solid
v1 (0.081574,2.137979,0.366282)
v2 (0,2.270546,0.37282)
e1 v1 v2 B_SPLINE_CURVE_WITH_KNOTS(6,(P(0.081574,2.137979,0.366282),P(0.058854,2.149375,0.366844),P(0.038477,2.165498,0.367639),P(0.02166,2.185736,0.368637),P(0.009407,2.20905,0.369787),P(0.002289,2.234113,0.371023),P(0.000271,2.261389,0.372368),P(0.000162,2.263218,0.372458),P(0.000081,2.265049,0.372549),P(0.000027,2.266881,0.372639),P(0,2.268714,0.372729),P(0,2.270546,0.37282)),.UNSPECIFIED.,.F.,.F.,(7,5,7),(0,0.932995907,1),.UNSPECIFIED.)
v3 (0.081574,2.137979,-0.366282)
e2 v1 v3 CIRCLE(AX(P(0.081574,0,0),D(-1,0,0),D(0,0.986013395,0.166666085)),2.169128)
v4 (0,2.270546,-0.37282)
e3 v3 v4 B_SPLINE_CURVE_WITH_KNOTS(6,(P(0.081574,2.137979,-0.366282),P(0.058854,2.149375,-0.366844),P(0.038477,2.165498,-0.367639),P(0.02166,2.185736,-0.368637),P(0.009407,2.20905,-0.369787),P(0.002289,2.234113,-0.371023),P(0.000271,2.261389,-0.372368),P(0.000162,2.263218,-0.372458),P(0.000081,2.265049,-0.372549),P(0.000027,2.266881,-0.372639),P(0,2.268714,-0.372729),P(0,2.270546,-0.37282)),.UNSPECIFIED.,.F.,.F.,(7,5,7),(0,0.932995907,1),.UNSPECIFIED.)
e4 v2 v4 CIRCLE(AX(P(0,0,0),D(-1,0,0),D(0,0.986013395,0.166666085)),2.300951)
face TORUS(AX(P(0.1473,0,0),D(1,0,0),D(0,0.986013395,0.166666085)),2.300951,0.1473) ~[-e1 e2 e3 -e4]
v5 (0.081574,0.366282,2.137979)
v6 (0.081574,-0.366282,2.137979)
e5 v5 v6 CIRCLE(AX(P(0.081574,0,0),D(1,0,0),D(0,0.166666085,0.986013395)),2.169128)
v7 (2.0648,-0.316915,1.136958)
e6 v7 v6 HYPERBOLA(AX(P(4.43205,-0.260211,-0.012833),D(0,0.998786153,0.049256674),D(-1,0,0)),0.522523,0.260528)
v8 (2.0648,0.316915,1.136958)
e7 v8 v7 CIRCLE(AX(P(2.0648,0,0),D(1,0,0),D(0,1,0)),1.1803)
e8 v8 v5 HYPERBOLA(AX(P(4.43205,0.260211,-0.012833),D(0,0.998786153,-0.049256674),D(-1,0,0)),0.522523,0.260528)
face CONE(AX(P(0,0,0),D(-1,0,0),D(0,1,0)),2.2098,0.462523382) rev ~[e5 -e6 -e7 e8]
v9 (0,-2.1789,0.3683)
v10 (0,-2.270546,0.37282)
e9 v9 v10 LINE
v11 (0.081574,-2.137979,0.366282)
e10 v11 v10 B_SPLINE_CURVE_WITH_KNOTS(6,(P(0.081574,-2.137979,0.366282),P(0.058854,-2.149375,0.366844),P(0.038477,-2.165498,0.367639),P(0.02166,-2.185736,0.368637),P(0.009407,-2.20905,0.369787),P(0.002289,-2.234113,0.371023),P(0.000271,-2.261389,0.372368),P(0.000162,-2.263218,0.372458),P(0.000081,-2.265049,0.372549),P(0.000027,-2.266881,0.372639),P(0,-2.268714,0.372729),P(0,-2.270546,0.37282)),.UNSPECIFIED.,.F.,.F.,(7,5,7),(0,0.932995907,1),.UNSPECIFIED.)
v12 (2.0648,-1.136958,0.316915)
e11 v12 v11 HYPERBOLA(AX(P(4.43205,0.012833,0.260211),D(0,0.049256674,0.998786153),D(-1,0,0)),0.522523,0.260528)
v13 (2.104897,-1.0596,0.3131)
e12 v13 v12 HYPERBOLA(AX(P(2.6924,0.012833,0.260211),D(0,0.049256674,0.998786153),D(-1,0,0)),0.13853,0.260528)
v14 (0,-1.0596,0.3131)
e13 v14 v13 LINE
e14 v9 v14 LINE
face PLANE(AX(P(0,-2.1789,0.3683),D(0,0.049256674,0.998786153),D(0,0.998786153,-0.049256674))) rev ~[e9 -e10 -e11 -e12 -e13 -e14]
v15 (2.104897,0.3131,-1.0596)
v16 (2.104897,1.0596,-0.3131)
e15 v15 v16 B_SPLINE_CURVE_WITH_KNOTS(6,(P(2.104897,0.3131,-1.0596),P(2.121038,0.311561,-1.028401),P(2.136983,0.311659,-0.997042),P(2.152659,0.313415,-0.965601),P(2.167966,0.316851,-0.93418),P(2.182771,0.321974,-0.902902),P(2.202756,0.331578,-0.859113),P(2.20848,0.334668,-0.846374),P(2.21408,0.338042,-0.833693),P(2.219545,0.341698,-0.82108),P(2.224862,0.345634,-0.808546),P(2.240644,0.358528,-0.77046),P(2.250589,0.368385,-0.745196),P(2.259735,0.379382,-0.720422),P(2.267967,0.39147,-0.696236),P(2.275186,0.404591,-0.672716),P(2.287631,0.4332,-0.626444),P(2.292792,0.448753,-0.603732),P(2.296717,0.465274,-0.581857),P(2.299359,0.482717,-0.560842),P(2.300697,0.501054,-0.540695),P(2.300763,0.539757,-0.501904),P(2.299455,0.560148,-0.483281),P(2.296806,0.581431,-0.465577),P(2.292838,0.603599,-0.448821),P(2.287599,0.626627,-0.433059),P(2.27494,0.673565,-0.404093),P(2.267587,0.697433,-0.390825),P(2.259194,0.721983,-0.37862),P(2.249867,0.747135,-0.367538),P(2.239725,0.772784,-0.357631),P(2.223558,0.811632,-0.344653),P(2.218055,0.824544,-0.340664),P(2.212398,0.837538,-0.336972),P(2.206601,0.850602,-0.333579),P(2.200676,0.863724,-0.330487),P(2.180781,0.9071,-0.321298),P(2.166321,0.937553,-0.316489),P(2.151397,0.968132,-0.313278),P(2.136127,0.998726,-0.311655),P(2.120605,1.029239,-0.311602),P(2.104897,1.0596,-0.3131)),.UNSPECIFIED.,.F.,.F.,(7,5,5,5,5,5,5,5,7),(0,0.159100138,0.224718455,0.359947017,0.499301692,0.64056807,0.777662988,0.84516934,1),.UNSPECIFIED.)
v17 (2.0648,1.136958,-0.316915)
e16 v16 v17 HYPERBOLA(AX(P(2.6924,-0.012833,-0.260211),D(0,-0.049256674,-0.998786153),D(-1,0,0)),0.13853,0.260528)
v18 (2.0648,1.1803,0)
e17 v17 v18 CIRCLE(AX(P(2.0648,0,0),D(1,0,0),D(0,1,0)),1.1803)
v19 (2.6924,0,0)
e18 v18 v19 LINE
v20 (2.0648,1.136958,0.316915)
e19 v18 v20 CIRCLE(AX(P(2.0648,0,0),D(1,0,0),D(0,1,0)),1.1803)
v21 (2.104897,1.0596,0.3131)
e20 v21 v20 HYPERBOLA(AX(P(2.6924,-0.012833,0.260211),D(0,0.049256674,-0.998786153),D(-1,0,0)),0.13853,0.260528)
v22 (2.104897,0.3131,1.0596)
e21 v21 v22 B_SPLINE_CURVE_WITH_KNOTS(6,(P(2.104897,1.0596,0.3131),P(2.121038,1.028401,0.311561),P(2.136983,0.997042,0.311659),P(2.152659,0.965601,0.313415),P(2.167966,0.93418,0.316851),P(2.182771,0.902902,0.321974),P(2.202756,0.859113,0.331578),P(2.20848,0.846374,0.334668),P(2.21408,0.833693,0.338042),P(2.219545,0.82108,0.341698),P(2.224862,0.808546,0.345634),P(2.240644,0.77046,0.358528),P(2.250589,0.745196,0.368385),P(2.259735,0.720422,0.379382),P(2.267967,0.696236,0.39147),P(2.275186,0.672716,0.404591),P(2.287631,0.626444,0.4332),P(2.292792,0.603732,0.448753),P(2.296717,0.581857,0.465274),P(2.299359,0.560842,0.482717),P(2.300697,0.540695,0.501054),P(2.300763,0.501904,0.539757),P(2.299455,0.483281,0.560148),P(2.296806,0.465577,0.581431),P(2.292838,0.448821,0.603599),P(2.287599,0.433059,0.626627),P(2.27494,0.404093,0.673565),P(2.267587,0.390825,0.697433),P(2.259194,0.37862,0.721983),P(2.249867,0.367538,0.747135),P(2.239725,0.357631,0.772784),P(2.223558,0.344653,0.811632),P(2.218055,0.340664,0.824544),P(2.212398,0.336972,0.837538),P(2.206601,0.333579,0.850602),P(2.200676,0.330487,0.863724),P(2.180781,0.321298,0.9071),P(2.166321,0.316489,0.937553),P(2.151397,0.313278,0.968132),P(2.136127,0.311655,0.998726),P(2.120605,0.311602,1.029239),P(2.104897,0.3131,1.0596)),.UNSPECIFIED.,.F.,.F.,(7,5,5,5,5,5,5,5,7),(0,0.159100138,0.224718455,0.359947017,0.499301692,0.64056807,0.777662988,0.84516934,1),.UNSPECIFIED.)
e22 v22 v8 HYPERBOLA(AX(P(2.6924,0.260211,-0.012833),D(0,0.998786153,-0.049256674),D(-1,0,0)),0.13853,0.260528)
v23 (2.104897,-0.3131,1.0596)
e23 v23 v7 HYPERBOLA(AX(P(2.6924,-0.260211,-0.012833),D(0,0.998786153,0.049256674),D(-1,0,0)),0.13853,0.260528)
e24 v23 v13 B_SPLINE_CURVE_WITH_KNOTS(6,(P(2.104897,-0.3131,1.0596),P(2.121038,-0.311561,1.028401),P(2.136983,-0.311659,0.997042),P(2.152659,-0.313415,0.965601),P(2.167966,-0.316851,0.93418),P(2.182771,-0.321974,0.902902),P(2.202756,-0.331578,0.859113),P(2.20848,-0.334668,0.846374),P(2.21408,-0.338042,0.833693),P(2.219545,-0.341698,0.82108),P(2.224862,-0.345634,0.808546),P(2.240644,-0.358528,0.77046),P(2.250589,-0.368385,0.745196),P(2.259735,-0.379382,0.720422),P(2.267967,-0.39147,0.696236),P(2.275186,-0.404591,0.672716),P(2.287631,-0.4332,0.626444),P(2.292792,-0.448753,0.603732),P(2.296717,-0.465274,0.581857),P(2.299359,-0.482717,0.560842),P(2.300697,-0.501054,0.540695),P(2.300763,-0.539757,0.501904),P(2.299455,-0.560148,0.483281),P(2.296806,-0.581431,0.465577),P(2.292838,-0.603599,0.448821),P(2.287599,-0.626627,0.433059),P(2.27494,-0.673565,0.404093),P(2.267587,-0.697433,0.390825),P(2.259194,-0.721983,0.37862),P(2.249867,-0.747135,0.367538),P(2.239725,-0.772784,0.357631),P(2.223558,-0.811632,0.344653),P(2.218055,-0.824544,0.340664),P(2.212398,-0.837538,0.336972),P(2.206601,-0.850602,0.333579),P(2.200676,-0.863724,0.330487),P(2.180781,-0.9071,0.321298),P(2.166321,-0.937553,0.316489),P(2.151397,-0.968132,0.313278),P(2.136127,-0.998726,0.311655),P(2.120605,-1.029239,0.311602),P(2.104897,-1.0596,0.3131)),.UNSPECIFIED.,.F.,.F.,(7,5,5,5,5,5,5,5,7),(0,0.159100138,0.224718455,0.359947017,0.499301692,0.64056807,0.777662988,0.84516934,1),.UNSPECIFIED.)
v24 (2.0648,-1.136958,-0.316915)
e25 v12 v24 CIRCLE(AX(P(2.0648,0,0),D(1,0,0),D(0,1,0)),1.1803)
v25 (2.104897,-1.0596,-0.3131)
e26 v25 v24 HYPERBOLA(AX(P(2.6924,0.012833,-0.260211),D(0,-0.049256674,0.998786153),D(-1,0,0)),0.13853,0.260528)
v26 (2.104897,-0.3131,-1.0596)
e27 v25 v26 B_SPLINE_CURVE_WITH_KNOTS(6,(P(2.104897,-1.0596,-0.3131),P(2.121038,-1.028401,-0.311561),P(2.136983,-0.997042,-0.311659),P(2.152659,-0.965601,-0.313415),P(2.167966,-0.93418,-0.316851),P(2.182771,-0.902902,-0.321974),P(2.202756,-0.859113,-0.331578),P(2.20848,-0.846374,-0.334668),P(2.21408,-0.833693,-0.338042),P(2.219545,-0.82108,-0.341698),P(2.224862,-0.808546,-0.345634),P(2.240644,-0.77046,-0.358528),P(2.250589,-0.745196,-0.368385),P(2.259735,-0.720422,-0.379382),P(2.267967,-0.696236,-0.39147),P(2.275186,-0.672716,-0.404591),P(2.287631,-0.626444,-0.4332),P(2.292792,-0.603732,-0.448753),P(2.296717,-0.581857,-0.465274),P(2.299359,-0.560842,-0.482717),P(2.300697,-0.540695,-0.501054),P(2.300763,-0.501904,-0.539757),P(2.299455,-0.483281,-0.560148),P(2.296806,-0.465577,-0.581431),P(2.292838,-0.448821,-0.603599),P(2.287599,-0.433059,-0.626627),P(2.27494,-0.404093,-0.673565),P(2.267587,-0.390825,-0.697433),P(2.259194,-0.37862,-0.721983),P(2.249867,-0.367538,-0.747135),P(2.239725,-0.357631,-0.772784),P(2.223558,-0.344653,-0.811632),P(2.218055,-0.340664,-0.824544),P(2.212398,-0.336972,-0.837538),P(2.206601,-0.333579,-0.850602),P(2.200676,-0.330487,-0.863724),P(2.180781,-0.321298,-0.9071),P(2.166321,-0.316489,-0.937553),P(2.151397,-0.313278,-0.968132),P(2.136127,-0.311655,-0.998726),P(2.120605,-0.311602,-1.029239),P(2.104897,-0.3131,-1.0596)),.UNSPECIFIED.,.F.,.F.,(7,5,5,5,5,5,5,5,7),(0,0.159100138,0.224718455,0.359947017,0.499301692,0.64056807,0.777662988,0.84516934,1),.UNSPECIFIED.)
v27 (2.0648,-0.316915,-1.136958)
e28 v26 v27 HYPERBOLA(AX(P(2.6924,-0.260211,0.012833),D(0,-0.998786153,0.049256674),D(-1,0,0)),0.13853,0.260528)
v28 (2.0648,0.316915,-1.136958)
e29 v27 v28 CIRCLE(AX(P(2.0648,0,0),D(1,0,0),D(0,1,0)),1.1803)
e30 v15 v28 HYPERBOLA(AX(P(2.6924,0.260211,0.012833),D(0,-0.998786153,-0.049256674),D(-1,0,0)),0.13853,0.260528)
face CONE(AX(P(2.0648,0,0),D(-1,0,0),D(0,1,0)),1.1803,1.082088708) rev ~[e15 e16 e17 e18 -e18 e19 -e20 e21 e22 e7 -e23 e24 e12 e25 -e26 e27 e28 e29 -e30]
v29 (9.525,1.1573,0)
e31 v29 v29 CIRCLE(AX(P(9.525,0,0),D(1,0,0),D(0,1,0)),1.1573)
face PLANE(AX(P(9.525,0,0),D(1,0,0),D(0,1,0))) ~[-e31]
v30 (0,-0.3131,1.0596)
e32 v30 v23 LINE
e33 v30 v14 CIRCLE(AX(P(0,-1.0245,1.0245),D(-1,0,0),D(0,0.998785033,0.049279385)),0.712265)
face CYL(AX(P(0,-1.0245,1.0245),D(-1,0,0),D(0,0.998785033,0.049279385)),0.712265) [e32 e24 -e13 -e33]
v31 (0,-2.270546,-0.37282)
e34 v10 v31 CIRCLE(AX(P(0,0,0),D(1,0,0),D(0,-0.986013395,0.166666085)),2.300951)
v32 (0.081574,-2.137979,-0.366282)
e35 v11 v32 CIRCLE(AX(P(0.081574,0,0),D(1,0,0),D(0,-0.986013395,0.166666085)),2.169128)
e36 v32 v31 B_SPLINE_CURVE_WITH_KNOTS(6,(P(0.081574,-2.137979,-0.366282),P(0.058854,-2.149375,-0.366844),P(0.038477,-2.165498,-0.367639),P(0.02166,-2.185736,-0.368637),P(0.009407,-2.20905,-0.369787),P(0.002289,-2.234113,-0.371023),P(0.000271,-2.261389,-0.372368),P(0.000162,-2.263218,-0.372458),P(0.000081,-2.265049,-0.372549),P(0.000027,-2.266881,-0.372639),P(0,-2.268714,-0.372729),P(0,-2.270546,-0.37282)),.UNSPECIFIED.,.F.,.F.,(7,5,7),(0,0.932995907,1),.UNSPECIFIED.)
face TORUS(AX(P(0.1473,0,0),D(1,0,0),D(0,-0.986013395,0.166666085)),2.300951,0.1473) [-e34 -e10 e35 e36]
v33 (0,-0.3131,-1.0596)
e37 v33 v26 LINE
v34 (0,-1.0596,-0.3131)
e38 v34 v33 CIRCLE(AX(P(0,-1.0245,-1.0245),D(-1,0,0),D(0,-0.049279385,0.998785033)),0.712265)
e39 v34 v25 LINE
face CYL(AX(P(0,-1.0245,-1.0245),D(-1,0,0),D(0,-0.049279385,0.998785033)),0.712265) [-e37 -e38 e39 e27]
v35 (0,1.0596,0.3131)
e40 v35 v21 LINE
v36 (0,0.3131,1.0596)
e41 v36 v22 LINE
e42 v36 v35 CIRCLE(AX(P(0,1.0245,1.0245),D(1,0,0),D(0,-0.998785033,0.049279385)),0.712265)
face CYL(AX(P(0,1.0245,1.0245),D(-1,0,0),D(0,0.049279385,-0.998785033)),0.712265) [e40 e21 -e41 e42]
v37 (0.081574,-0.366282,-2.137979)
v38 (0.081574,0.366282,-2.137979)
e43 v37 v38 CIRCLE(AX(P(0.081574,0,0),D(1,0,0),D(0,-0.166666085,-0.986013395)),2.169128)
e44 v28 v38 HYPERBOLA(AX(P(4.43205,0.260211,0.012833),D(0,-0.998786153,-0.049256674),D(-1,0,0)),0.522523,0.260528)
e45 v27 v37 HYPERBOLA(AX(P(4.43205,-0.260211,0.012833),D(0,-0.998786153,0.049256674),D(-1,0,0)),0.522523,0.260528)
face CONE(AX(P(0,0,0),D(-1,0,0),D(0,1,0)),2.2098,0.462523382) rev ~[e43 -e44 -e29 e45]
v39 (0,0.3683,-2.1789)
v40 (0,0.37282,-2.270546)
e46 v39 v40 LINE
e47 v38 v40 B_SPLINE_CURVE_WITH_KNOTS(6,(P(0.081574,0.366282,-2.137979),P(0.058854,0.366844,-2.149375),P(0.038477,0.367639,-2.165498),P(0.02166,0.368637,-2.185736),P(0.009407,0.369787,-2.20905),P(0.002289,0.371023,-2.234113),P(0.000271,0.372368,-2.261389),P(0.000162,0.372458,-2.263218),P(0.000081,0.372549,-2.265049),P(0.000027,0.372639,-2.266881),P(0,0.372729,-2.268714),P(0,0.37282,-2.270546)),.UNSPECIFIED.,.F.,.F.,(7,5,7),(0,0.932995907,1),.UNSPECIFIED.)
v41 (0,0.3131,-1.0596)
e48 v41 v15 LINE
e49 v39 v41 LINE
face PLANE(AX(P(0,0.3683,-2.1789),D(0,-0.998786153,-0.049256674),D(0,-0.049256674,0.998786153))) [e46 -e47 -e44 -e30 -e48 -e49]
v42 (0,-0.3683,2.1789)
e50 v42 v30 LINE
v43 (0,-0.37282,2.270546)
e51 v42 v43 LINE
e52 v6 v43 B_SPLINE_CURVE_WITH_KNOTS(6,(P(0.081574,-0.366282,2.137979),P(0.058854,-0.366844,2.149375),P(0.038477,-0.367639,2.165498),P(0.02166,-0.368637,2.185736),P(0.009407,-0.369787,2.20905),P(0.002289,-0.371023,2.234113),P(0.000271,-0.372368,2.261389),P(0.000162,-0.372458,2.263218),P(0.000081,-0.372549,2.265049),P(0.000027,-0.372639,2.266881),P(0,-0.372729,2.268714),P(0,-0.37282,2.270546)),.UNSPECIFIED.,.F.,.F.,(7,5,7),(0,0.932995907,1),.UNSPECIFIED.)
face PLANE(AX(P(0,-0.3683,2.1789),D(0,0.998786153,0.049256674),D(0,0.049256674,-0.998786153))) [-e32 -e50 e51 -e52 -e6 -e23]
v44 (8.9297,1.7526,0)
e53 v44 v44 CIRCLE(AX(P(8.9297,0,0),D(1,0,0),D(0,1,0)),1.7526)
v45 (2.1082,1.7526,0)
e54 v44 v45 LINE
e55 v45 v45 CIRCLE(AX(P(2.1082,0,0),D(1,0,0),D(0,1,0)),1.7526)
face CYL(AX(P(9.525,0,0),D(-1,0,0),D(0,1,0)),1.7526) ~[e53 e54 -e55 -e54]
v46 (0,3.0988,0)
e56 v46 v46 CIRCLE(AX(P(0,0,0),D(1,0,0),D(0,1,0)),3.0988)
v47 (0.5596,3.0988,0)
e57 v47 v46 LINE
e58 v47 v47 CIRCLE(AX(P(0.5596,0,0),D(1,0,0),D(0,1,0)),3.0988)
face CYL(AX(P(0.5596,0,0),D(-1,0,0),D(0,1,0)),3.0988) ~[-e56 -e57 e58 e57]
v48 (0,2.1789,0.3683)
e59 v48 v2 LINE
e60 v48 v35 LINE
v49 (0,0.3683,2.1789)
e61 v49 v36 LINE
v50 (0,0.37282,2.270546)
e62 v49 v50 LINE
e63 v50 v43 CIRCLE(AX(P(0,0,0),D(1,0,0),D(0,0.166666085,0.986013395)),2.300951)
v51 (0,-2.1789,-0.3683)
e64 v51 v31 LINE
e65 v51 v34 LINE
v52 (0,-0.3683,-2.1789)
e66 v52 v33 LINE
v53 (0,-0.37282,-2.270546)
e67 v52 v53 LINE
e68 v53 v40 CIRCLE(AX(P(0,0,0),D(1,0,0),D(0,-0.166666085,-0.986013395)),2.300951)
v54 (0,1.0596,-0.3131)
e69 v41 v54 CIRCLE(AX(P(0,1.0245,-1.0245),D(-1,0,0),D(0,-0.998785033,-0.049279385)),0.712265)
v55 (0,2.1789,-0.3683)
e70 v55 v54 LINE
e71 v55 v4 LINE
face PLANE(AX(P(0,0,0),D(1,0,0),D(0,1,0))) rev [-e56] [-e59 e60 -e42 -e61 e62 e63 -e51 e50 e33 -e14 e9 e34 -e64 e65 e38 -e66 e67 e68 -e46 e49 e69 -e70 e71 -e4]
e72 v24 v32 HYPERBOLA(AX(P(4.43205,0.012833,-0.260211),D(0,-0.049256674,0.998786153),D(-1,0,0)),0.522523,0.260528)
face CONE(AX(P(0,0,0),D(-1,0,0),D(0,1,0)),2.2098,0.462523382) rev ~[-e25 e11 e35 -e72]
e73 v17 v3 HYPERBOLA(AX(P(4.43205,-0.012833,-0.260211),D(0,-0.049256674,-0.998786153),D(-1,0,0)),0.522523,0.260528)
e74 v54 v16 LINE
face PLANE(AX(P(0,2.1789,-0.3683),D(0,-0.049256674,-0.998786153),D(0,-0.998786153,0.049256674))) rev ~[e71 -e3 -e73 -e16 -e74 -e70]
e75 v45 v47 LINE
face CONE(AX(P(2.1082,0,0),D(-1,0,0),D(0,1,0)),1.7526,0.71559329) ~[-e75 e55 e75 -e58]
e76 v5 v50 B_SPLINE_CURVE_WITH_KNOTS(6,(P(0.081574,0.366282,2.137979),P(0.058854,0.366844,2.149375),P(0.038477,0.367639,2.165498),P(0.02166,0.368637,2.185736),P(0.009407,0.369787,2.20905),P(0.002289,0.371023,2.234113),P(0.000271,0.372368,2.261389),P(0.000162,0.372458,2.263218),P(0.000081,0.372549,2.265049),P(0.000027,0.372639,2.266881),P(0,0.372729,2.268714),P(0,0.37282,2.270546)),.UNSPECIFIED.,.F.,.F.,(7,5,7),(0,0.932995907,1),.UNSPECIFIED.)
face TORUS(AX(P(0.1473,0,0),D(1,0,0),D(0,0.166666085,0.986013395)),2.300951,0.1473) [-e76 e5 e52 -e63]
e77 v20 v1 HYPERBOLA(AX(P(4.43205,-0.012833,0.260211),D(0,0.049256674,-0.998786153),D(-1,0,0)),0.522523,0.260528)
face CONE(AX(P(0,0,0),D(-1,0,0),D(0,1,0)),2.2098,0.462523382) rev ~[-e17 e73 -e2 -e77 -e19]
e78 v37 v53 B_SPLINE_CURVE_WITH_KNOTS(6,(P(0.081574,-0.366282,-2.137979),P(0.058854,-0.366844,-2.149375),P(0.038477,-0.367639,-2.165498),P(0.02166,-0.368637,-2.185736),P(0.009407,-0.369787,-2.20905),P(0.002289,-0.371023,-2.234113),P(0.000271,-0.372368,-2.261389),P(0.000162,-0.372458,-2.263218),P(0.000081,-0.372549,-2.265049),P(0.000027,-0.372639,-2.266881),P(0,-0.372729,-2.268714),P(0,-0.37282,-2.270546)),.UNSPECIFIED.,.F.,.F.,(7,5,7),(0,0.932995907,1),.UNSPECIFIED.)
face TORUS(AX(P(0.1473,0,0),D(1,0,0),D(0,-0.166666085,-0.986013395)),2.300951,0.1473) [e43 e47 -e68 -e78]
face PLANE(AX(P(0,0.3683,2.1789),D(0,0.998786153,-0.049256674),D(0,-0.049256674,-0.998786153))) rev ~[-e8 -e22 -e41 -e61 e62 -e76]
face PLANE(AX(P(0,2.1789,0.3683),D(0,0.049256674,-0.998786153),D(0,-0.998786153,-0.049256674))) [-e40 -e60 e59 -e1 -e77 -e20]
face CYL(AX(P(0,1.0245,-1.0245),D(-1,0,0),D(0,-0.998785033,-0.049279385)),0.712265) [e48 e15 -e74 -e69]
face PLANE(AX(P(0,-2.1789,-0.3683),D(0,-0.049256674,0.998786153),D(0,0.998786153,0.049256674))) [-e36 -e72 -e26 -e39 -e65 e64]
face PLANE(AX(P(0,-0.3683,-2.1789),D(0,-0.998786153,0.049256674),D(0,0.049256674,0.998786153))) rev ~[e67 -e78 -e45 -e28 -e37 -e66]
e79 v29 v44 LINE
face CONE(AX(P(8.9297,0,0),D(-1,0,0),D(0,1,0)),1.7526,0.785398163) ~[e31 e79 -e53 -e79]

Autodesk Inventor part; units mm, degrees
ref_plane "YZ Plane" through (0, 0, 0) normal (1, 0, 0) x (0, 1, 0)
ref_plane "XZ Plane" through (0, 0, 0) normal (0, 1, 0) x (-1, 0, 0)
sketch "Sketch1" plane through (0, 0, 0) normal (0, 0, 1) x (1, 0, 0)
  line L0 (2.6924, 0) -> (9.525, 0)
  line L1 (9.525, 0) -> (9.525, 1.7526)
  line L2 (9.525, 1.7526) -> (2.1082, 1.7526)
  line L3 (0.5596, 3.0988) -> (0, 3.0988)
  line L4 (-1.905, 0) -> (11.43, 0) projected
  line L5 (0, -0.6198) -> (0, 3.7186) projected
  line L6 (0, 2.2098) -> (2.0648, 1.1803)
  line L7 (2.0648, 1.1803) -> (2.6924, 0)
  line L8 (2.1082, 1.7526) -> (0.5596, 3.0988)
  line L9 (0, 3.0988) -> (0, 2.2098)
  dimension "d2" = 3.5052
  dimension "d3" = 6.1976
  dimension "d4" = 2.6924
  dimension "d5" = 4.4196
  dimension "d6" = 26.5
  dimension "d7" = 62
  dimension "d13" = 41
  dimension "d14" = 2.1082
  dimension "d15" = 9.525
revolve "Body" add sketch "Sketch1" angle 360 about axis through (2.6924, 0, 0) along (1, 0, 0) contours L7 L6 L5 L3 L8 L2 L1 L0
sketch "Sketch2" plane through (0, 0, 0) normal (-1, 0, 0) x (0, 0, 1)
  line L0 (0, -4.3383) -> (0, 4.3383) projected
  line L1 (-4.3383, 0) -> (4.3383, 0) projected
  line L2 (0, 2.2098) -> (0, 0) construction
  line L3 (0, 0) -> (2.2098, 0) construction
  arc A0 (0.7366, 0) -> (0, 0.7366) centre (0, 0) ccw
  line L4 (0, 0) -> (0.7947, 0.7947) construction
  arc A1 (1.1049, 0) -> (0, 1.1049) centre (0, 0) ccw construction
  line L5 (0.3683, 2.1789) -> (0.3131, 1.0596)
  line L6 (2.1789, 0.3683) -> (1.0596, 0.3131)
  arc A2 (0.3131, 1.0596) -> (1.0596, 0.3131) centre (1.0245, 1.0245) ccw
  arc A3 (2.2098, 0) -> (2.1789, 0.3683) centre (0, 0) ccw
  arc A4 (0.3683, 2.1789) -> (0, 2.2098) centre (0, 0) ccw
  arc A5 (2.1789, 0.3683) -> (0.3683, 2.1789) centre (0, 0) ccw
  line L7 (0.3683, -2.1789) -> (0.3131, -1.0596)
  line L8 (2.1789, -0.3683) -> (1.0596, -0.3131)
  arc A6 (1.0596, -0.3131) -> (0.3131, -1.0596) centre (1.0245, -1.0245) ccw
  arc A7 (2.1789, -0.3683) -> (2.2098, 0) centre (0, 0) ccw
  arc A8 (0, -2.2098) -> (0.3683, -2.1789) centre (0, 0) ccw
  arc A9 (0.3683, -2.1789) -> (2.1789, -0.3683) centre (0, 0) ccw
  line L9 (-0.3683, 2.1789) -> (-0.3131, 1.0596)
  line L10 (-2.1789, 0.3683) -> (-1.0596, 0.3131)
  arc A10 (-1.0596, 0.3131) -> (-0.3131, 1.0596) centre (-1.0245, 1.0245) ccw
  arc A11 (-2.1789, 0.3683) -> (-2.2098, 0) centre (0, 0) ccw
  arc A12 (0, 2.2098) -> (-0.3683, 2.1789) centre (0, 0) ccw
  arc A13 (-0.3683, 2.1789) -> (-2.1789, 0.3683) centre (0, 0) ccw
  arc A14 (-2.1789, -0.3683) -> (-0.3683, -2.1789) centre (0, 0) ccw
  arc A15 (-0.3683, -2.1789) -> (0, -2.2098) centre (0, 0) ccw
  arc A16 (-2.2098, 0) -> (-2.1789, -0.3683) centre (0, 0) ccw
  line L11 (-2.1789, -0.3683) -> (-1.0596, -0.3131)
  arc A17 (-0.3131, -1.0596) -> (-1.0596, -0.3131) centre (-1.0245, -1.0245) ccw
  line L12 (-0.3683, -2.1789) -> (-0.3131, -1.0596)
  dimension "d18" = 45
  dimension "d19" = 1.4732
  dimension "d20" = 2.2098
  dimension "d21" = 4.4196
  dimension "d22" = 0.3683
extrude "Slot" add sketch "Sketch2" against normal up to next contours A2 L5 A5 L6 | L9 A10 L10 A13 | L7 A6 L8 A9 | A14 L11 A17 L12
fillet "Fillet1" radius 0.1473 4 edges at (0, 2.2098, 0) (0, 0, 2.2098) (0, -2.2098, 0) (0, 0, -2.2098)
thread "Thread" size "6-32 UNC" class "2A" standard "ANSI Unified Screw Threads" length 5.4324
chamfer "Chamfer1" distance 0.5953 distance2 0.5953 1 edges at (9.525, -1.7526, 0) measured on face at (9.525, 0.2072, 0.5462)
ref_plane "Work Plane2" through (2.032, 0, 0) normal (0, 1, 0) x (1, 0, 0)
equation "\"d2\" = GD"
equation "\"d3\" = KOD"
equation "\"d4\" = INTI"
equation "\"d5\" = SDM"
equation "\"d13\" = 0.5 * SEWI"
equation "\"d14\" = KOH"
equation "\"d15\" = NLG"
equation "\"d19\" = 0.333333 * SDM"
equation "\"d20\" = 0.5 * SDM"
equation "\"d21\" = SDM"
equation "\"d22\" = 0.5 * SBR"
equation "\"d45\" = INTI"
equation "\"d25\" = 0.2 * SBR"
equation "\"d9\" = GEL"
equation "\"d11\" = -0.5 * SPD + 0.5 * GD"
equation "\"d12\" = GUL"
equation "\"GD\" = NND"
equation "\"NLG\" = 9.525"
equation "\"GEL\" = 5.43243"
equation "\"KOD\" = 6.1976"
equation "\"KOH\" = 2.1082"
equation "\"SDM\" = 4.4196"
equation "\"INTI\" = 2.6924"
equation "\"SBR\" = 0.7366"
equation "\"GUL\" = 0.75 * GAL"
equation "\"SPD\" = 2.31458"
equation "\"SEWI\" = 82deg"
equation "\"d0\" = NLG"
equation "\"d1\" = KOH"
equation "\"d17\" = SDM"
equation "\"TOA\" = 30deg"
equation "\"THREADDIA\" = 3.5052"
equation "\"BDM\" = NND"
equation "\"NND\" = 3.5052"
equation "\"GAL\" = 0.79375"
equation "\"GD1\" = SPD"
properties part number "ANSI B18.6.3 - 6-32 x 3/8, CRFCHMSTII(5)" material "Steel, Mild"
